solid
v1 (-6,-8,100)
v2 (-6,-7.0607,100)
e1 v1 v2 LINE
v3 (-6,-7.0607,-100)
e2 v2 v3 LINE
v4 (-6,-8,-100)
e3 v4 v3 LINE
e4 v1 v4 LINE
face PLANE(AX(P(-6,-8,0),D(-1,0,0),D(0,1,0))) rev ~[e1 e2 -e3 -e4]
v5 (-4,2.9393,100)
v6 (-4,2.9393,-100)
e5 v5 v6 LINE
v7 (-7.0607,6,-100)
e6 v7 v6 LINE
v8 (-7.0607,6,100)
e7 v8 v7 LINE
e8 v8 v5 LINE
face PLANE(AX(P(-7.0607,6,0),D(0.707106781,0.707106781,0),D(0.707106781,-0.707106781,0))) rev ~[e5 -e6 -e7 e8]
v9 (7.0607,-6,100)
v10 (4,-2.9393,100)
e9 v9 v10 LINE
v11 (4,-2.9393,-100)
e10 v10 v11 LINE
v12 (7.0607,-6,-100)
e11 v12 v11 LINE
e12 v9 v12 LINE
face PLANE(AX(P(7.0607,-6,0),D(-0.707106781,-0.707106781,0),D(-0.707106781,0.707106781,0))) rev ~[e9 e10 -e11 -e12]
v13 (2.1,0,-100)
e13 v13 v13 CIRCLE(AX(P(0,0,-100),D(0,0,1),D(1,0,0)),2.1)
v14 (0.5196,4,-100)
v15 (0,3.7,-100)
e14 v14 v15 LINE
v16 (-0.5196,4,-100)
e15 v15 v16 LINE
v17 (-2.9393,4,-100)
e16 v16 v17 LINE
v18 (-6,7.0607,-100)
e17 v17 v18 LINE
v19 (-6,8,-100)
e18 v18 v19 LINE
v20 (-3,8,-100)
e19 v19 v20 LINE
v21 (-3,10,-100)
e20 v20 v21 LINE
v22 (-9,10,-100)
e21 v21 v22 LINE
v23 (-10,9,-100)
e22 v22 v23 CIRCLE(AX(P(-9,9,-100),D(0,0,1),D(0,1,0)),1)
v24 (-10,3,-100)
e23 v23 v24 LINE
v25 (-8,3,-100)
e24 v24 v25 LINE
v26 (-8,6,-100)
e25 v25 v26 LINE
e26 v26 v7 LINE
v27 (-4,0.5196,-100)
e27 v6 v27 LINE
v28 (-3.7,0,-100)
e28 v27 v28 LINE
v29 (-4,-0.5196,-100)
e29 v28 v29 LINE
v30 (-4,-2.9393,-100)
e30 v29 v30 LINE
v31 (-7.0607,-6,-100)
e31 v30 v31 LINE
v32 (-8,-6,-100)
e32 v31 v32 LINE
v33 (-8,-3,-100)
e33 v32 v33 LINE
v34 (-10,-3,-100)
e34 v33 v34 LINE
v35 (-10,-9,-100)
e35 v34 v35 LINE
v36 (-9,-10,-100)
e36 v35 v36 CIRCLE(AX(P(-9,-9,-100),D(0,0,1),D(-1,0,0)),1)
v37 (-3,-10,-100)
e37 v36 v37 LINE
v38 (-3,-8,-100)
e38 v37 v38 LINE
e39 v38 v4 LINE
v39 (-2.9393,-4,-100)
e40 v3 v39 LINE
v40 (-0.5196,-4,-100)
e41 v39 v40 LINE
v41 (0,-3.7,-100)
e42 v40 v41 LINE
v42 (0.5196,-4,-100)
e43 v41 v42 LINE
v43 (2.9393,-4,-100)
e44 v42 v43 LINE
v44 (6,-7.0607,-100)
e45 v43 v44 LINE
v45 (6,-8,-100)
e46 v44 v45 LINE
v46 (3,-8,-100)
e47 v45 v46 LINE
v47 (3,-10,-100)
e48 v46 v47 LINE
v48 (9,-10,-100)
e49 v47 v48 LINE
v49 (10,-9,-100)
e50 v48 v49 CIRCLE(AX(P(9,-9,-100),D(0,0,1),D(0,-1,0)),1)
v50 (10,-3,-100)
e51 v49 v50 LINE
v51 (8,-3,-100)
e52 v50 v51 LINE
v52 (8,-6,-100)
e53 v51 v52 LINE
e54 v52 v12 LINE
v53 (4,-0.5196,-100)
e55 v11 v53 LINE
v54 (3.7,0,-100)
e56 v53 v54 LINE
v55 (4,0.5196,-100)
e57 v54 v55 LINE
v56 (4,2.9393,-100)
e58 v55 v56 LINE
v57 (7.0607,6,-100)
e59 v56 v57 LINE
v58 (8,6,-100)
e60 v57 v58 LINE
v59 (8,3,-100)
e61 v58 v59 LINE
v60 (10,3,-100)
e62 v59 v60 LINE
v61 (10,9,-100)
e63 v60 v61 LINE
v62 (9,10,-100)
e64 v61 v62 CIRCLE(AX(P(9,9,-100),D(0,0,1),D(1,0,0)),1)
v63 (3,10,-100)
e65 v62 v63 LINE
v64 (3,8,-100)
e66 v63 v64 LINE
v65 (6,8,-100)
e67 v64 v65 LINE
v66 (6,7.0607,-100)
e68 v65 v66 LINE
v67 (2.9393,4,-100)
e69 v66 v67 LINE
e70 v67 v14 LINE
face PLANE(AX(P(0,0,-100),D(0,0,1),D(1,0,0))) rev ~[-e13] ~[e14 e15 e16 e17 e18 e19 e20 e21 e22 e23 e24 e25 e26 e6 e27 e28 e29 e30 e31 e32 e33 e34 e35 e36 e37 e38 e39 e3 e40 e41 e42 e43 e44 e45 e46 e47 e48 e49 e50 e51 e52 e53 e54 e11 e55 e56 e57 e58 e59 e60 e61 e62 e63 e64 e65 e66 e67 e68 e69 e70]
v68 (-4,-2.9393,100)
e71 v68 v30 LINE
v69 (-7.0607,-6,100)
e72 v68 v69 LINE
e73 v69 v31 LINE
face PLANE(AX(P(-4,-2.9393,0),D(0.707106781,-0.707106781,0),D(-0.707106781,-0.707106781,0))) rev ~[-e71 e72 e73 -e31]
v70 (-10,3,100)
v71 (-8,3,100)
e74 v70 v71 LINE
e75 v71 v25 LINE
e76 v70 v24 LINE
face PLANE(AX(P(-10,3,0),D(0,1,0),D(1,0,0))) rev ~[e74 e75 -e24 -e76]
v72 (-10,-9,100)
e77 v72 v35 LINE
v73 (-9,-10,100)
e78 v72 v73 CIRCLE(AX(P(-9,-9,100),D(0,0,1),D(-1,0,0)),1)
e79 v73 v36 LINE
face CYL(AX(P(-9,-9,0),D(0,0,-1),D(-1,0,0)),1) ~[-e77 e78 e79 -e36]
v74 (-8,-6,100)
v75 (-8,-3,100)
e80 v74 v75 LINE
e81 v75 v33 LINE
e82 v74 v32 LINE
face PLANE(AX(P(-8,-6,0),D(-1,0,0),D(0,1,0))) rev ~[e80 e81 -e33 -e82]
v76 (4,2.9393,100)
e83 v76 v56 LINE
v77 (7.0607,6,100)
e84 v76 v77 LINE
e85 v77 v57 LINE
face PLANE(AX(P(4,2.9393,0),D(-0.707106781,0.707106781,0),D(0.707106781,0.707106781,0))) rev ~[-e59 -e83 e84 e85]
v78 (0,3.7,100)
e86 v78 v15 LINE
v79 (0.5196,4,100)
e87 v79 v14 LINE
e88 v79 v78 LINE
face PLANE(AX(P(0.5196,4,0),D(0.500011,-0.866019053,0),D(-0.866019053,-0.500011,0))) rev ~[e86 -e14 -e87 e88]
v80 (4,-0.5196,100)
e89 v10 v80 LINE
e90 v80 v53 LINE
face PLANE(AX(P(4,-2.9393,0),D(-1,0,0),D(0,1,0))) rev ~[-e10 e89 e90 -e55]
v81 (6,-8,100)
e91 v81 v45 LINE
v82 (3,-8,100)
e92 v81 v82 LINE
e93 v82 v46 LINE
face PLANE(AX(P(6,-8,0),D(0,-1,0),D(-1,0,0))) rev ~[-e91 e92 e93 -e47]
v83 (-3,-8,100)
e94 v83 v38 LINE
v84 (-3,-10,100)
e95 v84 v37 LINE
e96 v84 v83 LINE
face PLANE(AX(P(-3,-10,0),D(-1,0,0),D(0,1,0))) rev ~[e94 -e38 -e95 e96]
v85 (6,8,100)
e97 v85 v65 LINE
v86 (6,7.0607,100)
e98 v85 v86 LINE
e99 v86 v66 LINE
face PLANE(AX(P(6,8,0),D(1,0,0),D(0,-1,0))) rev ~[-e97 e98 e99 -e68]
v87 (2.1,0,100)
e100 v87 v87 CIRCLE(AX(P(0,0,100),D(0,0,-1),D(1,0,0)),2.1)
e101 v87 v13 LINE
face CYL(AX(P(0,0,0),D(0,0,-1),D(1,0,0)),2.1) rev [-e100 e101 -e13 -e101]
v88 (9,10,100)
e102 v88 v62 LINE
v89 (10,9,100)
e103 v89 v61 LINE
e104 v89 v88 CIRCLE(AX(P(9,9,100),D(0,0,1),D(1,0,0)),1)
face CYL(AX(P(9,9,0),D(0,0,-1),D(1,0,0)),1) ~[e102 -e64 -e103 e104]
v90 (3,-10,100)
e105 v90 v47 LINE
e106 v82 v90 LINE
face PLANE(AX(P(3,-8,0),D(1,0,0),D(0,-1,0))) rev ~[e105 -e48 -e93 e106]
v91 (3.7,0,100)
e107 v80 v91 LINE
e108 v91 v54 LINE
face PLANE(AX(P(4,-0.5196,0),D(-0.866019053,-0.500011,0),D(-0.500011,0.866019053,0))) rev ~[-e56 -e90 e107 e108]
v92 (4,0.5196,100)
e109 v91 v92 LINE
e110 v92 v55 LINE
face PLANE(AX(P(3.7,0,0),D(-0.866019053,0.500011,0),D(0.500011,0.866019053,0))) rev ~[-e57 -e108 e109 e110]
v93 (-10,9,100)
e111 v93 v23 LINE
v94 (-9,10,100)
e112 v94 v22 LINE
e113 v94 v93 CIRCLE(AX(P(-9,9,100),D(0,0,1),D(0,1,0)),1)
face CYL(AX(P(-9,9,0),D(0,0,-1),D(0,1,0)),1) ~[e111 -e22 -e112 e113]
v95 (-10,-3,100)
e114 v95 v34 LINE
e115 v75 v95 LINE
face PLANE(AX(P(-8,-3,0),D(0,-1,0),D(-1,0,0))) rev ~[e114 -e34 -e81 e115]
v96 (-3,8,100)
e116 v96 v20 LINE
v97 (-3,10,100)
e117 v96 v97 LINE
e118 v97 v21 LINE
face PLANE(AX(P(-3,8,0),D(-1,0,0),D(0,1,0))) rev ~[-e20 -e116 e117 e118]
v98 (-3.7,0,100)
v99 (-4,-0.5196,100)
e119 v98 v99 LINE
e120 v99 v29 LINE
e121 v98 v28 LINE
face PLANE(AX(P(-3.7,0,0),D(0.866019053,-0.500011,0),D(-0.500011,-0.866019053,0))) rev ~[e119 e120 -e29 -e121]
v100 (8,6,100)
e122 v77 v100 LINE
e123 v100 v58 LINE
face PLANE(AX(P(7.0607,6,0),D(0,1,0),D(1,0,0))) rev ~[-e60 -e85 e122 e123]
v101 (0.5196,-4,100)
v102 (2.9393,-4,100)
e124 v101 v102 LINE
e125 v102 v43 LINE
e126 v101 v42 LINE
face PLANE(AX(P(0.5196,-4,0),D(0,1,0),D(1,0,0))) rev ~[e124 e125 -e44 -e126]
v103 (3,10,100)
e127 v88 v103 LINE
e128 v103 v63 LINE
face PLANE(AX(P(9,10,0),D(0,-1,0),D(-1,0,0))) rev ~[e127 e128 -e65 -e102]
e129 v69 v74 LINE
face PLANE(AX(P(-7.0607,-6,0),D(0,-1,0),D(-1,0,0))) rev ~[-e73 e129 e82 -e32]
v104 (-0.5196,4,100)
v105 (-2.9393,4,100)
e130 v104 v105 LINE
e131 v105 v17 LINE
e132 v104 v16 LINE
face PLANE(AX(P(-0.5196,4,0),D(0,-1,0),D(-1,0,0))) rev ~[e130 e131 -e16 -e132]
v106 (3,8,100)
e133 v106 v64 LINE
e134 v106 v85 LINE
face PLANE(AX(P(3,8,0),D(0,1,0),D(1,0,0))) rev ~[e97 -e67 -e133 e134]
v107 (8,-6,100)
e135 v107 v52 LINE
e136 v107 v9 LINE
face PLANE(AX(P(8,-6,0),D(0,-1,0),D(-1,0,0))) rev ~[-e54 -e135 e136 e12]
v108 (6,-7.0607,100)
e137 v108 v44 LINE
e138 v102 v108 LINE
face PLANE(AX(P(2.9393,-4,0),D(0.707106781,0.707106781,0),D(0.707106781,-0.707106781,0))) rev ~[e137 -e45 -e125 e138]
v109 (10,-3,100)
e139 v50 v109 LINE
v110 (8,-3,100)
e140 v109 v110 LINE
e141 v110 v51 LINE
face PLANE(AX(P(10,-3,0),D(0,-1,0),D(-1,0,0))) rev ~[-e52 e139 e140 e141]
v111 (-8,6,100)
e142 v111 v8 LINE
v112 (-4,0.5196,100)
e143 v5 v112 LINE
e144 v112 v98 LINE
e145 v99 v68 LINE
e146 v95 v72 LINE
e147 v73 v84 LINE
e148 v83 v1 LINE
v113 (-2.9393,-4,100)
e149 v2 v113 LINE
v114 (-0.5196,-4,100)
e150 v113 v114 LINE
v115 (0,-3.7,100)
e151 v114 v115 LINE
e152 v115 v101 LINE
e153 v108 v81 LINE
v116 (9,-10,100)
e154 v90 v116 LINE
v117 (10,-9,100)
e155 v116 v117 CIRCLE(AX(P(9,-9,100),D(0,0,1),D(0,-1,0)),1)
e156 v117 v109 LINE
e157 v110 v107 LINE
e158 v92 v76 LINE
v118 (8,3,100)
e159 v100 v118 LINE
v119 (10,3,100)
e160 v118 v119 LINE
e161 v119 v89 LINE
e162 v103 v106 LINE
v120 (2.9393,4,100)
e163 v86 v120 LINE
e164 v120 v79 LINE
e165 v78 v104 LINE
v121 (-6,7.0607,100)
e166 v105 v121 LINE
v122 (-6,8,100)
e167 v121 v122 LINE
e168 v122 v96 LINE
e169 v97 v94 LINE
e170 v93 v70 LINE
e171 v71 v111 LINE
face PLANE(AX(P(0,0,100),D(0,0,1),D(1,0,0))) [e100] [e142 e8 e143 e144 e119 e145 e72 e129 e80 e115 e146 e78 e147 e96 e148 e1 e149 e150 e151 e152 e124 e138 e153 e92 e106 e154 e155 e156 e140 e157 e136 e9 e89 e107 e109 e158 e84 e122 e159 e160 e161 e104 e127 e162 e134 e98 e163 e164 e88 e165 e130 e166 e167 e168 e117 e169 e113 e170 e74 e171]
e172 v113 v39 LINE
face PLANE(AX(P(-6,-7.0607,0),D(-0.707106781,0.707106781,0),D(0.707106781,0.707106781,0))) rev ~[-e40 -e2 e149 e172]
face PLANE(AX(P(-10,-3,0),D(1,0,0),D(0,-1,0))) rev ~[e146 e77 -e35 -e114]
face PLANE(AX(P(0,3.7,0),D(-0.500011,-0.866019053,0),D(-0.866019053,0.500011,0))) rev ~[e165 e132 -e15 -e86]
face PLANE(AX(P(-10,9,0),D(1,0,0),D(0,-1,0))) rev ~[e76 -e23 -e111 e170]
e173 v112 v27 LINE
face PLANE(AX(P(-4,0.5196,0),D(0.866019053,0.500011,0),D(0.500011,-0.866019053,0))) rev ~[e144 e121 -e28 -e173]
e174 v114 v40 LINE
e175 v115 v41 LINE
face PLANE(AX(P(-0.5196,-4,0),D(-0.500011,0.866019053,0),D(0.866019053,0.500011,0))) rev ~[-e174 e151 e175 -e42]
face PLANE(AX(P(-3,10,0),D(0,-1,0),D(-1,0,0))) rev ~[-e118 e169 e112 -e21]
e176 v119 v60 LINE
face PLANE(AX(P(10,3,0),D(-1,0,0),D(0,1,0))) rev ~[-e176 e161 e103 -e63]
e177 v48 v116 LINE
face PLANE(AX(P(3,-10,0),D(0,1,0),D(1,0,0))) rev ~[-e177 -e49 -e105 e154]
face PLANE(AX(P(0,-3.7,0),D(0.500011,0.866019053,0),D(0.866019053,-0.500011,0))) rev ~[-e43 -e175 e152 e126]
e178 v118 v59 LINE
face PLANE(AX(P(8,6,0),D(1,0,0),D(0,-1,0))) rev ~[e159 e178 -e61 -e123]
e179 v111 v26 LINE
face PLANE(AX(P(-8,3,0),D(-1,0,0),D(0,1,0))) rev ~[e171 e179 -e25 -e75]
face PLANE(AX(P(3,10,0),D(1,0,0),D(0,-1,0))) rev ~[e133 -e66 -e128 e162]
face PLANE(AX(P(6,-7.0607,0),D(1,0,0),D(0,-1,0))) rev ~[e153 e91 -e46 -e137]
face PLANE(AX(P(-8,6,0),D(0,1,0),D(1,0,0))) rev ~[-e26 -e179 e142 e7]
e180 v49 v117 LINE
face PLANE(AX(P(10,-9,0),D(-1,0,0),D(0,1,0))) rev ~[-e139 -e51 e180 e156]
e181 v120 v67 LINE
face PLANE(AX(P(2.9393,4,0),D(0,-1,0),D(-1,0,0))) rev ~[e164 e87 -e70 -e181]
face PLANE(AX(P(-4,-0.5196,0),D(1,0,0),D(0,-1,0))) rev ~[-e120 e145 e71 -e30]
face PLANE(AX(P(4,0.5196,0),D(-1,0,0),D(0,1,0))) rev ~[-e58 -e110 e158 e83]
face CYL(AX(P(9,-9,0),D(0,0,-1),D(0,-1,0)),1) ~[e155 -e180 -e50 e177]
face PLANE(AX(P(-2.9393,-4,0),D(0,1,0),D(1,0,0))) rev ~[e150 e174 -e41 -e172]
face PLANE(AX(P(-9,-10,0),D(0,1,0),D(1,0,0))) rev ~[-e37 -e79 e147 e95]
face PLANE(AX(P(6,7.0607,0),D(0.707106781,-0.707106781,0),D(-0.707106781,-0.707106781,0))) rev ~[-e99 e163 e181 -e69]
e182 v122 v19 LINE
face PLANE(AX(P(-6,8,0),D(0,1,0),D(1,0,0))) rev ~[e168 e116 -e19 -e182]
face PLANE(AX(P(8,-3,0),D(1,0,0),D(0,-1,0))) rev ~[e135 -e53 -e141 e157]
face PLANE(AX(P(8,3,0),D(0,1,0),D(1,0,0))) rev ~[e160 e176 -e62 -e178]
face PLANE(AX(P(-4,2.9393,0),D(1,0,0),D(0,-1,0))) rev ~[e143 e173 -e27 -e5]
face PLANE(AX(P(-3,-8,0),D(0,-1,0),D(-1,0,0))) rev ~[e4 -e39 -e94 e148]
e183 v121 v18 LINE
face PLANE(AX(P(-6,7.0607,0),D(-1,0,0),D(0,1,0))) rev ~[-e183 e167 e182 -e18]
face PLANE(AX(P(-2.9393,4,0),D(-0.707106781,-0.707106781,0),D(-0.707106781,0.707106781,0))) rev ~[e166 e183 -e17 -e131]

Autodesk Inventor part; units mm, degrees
ref_plane "YZ Plane" through (0, 0, 0) normal (1, 0, 0) x (0, 1, 0)
ref_plane "XZ Plane" through (0, 0, 0) normal (0, 1, 0) x (-1, 0, 0)
ref_plane "XY Plane" through (0, 0, 0) normal (0, 0, 1) x (1, 0, 0)
sketch "Sketch1" plane through (0, 0, 0) normal (0, 0, 1) x (1, 0, 0)
  line L0 (-2.205, 0) -> (2.205, 0)
  line L1 (0, -2.205) -> (0, 2.205)
  arc A0 (9, -10) -> (10, -9) centre (9, -9) ccw
  line L2 (-10, 9) -> (-10, 3)
  line L3 (-10, 3) -> (-8, 3)
  line L4 (-8, 3) -> (-8, 6)
  line L5 (-8, 6) -> (-7.0607, 6)
  line L6 (-7.0607, 6) -> (-4, 2.9393)
  line L7 (-4, 2.9393) -> (-4, 0.5196)
  line L8 (-4, 0.5196) -> (-3.7, 0)
  line L9 (-3.7, 0) -> (-4, -0.5196)
  line L10 (-4, -0.5196) -> (-4, -2.9393)
  line L11 (-4, -2.9393) -> (-7.0607, -6)
  line L12 (-7.0607, -6) -> (-8, -6)
  line L13 (-8, -6) -> (-8, -3)
  line L14 (-8, -3) -> (-10, -3)
  line L15 (-10, -3) -> (-10, -9)
  arc A1 (-10, -9) -> (-9, -10) centre (-9, -9) ccw
  line L16 (-9, -10) -> (-3, -10)
  line L17 (-3, -10) -> (-3, -8)
  line L18 (-3, -8) -> (-6, -8)
  line L19 (-6, -7.0607) -> (-2.9393, -4)
  line L20 (-2.9393, -4) -> (-0.5196, -4)
  line L21 (-0.5196, -4) -> (0, -3.7)
  line L22 (0, -3.7) -> (0.5196, -4)
  line L23 (0.5196, -4) -> (2.9393, -4)
  line L24 (2.9393, -4) -> (6, -7.0607)
  line L25 (6, -7.0607) -> (6, -8)
  line L26 (6, -8) -> (3, -8)
  line L27 (3, -8) -> (3, -10)
  line L28 (3, -10) -> (9, -10)
  line L29 (10, -9) -> (10, -3)
  line L30 (10, -3) -> (8, -3)
  line L31 (8, -3) -> (8, -6)
  line L32 (8, -6) -> (7.0607, -6)
  line L33 (7.0607, -6) -> (4, -2.9393)
  line L34 (4, -2.9393) -> (4, -0.5196)
  line L35 (4, -0.5196) -> (3.7, 0)
  line L36 (3.7, 0) -> (4, 0.5196)
  line L37 (4, 0.5196) -> (4, 2.9393)
  line L38 (4, 2.9393) -> (7.0607, 6)
  line L39 (7.0607, 6) -> (8, 6)
  line L40 (8, 6) -> (8, 3)
  line L41 (8, 3) -> (10, 3)
  line L42 (10, 3) -> (10, 9)
  arc A2 (10, 9) -> (9, 10) centre (9, 9) ccw
  line L43 (9, 10) -> (3, 10)
  line L44 (3, 10) -> (3, 8)
  line L45 (3, 8) -> (6, 8)
  line L46 (6, 8) -> (6, 7.0607)
  line L47 (6, 7.0607) -> (2.9393, 4)
  line L48 (2.9393, 4) -> (0.5196, 4)
  line L49 (0.5196, 4) -> (0, 3.7)
  line L50 (0, 3.7) -> (-0.5196, 4)
  line L51 (-0.5196, 4) -> (-2.9393, 4)
  line L52 (-2.9393, 4) -> (-6, 7.0607)
  line L53 (-6, 7.0607) -> (-6, 8)
  line L54 (-6, 8) -> (-3, 8)
  line L55 (-3, 8) -> (-3, 10)
  line L56 (-3, 10) -> (-9, 10)
  arc A3 (-9, 10) -> (-10, 9) centre (-9, 9) ccw
  circle A4 centre (0, 0) radius 2.1
  line L57 (-6, -8) -> (-6, -7.0607)
extrude "Extrusion1" add sketch "Sketch1" along normal mid plane 200
properties part number "15 cm extrusion" material "Aluminum 6061"
